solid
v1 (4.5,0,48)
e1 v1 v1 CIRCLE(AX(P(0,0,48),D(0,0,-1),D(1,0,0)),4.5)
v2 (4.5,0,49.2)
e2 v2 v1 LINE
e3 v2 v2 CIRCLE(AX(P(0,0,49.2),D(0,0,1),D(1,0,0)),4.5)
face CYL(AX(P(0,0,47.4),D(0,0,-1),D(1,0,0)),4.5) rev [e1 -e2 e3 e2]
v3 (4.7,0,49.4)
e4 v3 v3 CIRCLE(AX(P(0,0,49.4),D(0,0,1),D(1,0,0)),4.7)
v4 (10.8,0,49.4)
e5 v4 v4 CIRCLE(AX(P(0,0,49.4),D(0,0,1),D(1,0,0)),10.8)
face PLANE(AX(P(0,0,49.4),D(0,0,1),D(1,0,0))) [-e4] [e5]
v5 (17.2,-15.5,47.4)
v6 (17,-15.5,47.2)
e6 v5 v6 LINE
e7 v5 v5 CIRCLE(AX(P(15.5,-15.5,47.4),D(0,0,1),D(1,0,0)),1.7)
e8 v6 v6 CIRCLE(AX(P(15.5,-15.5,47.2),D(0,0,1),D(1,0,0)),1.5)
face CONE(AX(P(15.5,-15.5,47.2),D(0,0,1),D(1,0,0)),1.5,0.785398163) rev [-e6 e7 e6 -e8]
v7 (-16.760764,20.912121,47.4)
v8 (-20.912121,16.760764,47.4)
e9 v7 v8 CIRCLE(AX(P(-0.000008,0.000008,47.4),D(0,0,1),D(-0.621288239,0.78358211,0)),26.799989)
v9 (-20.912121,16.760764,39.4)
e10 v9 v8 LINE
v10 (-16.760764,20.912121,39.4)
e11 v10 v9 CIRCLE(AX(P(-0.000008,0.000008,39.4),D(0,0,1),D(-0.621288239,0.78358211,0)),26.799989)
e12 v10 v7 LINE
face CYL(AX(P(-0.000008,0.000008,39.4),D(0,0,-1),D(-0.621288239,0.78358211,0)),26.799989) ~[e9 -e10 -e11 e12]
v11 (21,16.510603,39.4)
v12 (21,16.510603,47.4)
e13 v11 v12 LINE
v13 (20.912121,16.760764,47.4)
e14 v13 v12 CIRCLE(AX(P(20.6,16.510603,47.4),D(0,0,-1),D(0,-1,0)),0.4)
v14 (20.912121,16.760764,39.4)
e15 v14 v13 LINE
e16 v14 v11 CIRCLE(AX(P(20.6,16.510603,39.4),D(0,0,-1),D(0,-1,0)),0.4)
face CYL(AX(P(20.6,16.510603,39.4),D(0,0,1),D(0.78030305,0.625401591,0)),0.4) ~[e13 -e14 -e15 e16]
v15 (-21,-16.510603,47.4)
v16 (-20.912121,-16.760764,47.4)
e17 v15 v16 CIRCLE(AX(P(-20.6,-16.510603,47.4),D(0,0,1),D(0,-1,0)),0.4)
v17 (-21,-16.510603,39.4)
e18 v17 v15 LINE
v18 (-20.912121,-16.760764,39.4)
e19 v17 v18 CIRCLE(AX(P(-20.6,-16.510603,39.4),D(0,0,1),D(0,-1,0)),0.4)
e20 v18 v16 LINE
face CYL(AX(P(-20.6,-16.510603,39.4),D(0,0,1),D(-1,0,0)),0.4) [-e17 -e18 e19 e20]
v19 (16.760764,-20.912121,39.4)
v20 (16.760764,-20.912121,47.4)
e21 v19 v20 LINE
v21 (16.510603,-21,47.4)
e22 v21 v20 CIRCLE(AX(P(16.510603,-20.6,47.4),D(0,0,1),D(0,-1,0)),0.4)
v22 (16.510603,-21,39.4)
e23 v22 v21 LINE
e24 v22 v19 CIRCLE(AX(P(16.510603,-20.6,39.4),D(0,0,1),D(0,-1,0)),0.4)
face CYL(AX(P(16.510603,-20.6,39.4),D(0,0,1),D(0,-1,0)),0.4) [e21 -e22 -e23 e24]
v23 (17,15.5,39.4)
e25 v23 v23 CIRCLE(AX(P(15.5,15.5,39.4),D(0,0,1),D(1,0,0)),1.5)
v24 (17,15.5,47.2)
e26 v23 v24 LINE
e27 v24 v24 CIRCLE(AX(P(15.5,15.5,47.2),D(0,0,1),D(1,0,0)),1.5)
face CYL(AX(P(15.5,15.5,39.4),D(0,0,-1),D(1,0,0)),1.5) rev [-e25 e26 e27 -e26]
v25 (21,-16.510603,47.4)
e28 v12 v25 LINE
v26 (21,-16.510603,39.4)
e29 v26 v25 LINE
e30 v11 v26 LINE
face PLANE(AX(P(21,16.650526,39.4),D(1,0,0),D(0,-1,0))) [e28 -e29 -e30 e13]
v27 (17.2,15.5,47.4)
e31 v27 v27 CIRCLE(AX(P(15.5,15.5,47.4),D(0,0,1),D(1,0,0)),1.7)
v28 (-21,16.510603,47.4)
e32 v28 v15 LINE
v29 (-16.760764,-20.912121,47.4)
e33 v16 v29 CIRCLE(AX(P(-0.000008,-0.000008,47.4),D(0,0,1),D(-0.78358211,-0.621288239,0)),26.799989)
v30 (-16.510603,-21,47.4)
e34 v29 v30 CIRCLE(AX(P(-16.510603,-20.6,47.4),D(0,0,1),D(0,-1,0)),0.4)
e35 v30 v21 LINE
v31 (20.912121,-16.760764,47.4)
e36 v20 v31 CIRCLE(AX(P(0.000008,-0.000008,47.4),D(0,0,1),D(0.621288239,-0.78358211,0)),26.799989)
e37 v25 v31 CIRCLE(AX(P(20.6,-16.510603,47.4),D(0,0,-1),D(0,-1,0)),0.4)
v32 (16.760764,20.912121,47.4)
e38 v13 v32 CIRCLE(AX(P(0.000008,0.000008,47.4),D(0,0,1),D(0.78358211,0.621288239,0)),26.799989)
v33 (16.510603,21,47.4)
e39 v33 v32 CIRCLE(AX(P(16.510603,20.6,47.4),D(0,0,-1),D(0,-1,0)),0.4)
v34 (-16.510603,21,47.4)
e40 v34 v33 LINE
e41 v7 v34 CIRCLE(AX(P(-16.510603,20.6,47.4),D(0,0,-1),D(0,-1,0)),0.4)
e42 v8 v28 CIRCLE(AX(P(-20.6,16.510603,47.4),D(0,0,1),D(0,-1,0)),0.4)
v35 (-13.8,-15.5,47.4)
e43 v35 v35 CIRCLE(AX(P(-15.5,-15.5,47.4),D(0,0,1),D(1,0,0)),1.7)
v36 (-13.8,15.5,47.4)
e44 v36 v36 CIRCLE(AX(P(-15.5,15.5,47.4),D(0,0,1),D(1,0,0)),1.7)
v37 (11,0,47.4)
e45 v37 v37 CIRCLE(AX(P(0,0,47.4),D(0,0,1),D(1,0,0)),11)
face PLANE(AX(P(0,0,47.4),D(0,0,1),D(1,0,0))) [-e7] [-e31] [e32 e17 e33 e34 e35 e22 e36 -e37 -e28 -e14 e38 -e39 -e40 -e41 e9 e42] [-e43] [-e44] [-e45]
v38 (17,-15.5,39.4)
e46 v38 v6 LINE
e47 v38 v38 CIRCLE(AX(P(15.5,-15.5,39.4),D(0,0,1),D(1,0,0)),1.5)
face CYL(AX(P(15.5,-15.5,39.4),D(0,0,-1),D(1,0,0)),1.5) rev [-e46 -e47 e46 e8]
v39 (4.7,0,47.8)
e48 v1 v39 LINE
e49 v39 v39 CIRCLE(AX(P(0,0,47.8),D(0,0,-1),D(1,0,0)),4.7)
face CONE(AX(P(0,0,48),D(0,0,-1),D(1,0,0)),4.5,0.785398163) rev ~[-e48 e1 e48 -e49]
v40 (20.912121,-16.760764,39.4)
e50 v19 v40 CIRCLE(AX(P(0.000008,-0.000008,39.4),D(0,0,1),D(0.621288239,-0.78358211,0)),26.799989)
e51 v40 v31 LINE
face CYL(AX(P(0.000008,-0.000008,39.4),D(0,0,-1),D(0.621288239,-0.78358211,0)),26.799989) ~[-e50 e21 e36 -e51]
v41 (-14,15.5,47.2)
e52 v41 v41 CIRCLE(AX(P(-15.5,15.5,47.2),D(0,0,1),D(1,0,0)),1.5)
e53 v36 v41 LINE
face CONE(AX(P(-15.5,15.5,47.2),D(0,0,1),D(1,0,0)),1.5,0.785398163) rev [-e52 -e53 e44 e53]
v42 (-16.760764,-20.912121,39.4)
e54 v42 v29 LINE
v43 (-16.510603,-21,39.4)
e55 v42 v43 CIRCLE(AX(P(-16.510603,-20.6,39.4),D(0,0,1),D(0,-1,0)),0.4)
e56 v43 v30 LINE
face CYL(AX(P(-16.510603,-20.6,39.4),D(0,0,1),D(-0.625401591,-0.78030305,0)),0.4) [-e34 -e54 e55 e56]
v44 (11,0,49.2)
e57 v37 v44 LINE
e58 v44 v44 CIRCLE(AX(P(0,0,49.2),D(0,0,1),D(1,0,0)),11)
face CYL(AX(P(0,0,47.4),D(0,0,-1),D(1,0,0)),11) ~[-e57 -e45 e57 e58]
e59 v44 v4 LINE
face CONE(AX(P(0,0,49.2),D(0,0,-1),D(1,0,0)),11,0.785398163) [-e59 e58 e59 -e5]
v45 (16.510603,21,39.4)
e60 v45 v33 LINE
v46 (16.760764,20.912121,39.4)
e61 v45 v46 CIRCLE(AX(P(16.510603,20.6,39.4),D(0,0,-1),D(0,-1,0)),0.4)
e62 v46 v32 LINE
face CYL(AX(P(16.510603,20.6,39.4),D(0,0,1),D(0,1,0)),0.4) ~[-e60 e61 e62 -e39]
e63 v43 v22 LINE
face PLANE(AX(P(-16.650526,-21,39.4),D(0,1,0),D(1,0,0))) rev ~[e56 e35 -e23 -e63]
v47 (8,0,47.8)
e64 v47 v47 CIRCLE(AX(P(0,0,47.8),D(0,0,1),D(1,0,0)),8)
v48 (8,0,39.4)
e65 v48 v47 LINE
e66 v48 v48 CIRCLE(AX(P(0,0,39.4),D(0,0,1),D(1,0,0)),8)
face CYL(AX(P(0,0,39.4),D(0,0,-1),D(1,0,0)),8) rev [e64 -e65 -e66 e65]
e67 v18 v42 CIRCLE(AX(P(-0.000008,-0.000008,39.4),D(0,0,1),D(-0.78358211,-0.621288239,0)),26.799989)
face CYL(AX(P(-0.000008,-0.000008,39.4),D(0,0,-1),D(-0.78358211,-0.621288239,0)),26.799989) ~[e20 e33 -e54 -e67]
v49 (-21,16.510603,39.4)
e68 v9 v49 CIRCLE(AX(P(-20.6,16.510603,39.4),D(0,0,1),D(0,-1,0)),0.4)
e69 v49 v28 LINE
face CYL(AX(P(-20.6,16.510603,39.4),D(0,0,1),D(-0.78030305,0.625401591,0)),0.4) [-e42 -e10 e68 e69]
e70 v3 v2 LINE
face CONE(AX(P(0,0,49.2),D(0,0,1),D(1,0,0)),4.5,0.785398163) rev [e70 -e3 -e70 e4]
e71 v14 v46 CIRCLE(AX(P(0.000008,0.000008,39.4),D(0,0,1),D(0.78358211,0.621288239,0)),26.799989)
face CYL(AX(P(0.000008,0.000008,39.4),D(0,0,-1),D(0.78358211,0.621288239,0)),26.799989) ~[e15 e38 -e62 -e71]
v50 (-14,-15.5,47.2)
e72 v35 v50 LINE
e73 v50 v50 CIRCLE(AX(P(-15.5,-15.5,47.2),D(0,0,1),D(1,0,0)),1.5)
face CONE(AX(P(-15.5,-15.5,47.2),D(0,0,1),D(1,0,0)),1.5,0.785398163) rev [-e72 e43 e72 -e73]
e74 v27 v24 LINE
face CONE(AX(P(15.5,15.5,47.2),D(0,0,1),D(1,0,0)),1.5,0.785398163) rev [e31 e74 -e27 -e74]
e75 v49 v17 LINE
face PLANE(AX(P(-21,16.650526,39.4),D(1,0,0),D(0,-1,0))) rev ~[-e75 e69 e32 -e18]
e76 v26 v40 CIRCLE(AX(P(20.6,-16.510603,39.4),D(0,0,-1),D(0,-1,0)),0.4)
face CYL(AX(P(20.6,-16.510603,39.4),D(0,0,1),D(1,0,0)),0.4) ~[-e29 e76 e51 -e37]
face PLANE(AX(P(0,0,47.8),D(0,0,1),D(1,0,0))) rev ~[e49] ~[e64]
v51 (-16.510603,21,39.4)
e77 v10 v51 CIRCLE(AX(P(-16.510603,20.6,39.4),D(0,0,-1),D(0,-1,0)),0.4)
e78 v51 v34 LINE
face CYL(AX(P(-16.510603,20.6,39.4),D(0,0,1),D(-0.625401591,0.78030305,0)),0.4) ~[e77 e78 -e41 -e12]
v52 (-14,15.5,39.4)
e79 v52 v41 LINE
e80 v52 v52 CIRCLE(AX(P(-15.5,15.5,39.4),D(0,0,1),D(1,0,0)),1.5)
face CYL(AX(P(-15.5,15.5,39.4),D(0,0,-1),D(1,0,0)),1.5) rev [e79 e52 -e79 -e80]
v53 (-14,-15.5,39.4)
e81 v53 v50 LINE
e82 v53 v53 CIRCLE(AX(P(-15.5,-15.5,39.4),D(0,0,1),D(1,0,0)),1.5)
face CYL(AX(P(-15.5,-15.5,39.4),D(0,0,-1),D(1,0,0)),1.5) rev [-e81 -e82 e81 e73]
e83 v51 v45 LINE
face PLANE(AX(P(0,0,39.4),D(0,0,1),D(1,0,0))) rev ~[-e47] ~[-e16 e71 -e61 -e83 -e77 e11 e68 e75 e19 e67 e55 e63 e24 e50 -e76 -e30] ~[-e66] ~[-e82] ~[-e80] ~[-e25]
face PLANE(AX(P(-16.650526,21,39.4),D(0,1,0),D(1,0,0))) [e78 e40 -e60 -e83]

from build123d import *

# Parameters (mm, degrees)
SKETCH015_R     = 4.5
SKETCH015_R_2   = 1.5
PAD008_DEPTH    = 8
SKETCH016_R     = 11
SKETCH016_R_2   = 4.5
PAD009_DEPTH    = 2
SKETCH017_R     = 8
POCKET004_DEPTH = 8.4
CHAMFER003_SIZE = 0.2
FILLET002_R     = 0.4


with BuildPart() as part:
    # Sketch015 → Pad008 (new body)
    with BuildSketch(Plane.XY):
        with BuildLine():
            ThreePointArc((-16.650526, 21), (-18.950462, 18.950462), (-21, 16.650526))
            Line((-21, 16.650526), (-21, -16.650526))
            ThreePointArc((-21, -16.650526), (-18.950462, -18.950462), (-16.650526, -21))
            Line((-16.650526, -21), (16.650526, -21))
            ThreePointArc((16.650526, -21), (18.950462, -18.950462), (21, -16.650526))
            Line((21, 16.650526), (21, -16.650526))
            ThreePointArc((21, 16.650526), (18.950462, 18.950462), (16.650526, 21))
            Line((-16.650526, 21), (16.650526, 21))
        make_face()
        Circle(SKETCH015_R, mode=Mode.SUBTRACT)
        with Locations((-15.5, 15.5)):
            Circle(SKETCH015_R_2, mode=Mode.SUBTRACT)
        with Locations((15.5, 15.5)):
            Circle(SKETCH015_R_2, mode=Mode.SUBTRACT)
        with Locations((15.5, -15.5)):
            Circle(SKETCH015_R_2, mode=Mode.SUBTRACT)
        with Locations((-15.5, -15.5)):
            Circle(SKETCH015_R_2, mode=Mode.SUBTRACT)
    extrude(amount=PAD008_DEPTH)

    # Sketch016 (on Face15 of Pad008) → Pad009 (join)
    with BuildSketch(Plane.XY.offset(8)):
        Circle(SKETCH016_R)
        Circle(SKETCH016_R_2, mode=Mode.SUBTRACT)
    extrude(amount=PAD009_DEPTH)

    # Sketch017 → Pocket004 (cut)
    with BuildSketch(Plane.XY):
        Circle(SKETCH017_R)
    extrude(amount=POCKET004_DEPTH, mode=Mode.SUBTRACT)

    # Chamfer003
    chamfer003_edges = [part.edges().sort_by_distance(p)[0] for p in [
        (-11, 0, 10),
        (14, 15.5, 8),
        (-17, 15.5, 8),
        (-17, -15.5, 8),
        (14, -15.5, 8),
        (-4.5, 0, 10),
        (-4.5, 0, 8.4),
    ]]
    chamfer(chamfer003_edges, length=CHAMFER003_SIZE)

    # Fillet002
    fillet002_edges = [part.edges().sort_by_distance(p)[0] for p in [
        (16.650526, 21, 4),
        (21, 16.650526, 4),
        (21, -16.650526, 4),
        (16.650526, -21, 4),
        (-21, -16.650526, 4),
        (-16.650526, -21, 4),
        (-21, 16.650526, 4),
        (-16.650526, 21, 4),
    ]]
    fillet(fillet002_edges, radius=FILLET002_R)


with BuildPart() as part_1:
    # Body005 placement: moved
    add(part.part.moved(Location((0, 0, 39.4))))


solid = part_1.part
